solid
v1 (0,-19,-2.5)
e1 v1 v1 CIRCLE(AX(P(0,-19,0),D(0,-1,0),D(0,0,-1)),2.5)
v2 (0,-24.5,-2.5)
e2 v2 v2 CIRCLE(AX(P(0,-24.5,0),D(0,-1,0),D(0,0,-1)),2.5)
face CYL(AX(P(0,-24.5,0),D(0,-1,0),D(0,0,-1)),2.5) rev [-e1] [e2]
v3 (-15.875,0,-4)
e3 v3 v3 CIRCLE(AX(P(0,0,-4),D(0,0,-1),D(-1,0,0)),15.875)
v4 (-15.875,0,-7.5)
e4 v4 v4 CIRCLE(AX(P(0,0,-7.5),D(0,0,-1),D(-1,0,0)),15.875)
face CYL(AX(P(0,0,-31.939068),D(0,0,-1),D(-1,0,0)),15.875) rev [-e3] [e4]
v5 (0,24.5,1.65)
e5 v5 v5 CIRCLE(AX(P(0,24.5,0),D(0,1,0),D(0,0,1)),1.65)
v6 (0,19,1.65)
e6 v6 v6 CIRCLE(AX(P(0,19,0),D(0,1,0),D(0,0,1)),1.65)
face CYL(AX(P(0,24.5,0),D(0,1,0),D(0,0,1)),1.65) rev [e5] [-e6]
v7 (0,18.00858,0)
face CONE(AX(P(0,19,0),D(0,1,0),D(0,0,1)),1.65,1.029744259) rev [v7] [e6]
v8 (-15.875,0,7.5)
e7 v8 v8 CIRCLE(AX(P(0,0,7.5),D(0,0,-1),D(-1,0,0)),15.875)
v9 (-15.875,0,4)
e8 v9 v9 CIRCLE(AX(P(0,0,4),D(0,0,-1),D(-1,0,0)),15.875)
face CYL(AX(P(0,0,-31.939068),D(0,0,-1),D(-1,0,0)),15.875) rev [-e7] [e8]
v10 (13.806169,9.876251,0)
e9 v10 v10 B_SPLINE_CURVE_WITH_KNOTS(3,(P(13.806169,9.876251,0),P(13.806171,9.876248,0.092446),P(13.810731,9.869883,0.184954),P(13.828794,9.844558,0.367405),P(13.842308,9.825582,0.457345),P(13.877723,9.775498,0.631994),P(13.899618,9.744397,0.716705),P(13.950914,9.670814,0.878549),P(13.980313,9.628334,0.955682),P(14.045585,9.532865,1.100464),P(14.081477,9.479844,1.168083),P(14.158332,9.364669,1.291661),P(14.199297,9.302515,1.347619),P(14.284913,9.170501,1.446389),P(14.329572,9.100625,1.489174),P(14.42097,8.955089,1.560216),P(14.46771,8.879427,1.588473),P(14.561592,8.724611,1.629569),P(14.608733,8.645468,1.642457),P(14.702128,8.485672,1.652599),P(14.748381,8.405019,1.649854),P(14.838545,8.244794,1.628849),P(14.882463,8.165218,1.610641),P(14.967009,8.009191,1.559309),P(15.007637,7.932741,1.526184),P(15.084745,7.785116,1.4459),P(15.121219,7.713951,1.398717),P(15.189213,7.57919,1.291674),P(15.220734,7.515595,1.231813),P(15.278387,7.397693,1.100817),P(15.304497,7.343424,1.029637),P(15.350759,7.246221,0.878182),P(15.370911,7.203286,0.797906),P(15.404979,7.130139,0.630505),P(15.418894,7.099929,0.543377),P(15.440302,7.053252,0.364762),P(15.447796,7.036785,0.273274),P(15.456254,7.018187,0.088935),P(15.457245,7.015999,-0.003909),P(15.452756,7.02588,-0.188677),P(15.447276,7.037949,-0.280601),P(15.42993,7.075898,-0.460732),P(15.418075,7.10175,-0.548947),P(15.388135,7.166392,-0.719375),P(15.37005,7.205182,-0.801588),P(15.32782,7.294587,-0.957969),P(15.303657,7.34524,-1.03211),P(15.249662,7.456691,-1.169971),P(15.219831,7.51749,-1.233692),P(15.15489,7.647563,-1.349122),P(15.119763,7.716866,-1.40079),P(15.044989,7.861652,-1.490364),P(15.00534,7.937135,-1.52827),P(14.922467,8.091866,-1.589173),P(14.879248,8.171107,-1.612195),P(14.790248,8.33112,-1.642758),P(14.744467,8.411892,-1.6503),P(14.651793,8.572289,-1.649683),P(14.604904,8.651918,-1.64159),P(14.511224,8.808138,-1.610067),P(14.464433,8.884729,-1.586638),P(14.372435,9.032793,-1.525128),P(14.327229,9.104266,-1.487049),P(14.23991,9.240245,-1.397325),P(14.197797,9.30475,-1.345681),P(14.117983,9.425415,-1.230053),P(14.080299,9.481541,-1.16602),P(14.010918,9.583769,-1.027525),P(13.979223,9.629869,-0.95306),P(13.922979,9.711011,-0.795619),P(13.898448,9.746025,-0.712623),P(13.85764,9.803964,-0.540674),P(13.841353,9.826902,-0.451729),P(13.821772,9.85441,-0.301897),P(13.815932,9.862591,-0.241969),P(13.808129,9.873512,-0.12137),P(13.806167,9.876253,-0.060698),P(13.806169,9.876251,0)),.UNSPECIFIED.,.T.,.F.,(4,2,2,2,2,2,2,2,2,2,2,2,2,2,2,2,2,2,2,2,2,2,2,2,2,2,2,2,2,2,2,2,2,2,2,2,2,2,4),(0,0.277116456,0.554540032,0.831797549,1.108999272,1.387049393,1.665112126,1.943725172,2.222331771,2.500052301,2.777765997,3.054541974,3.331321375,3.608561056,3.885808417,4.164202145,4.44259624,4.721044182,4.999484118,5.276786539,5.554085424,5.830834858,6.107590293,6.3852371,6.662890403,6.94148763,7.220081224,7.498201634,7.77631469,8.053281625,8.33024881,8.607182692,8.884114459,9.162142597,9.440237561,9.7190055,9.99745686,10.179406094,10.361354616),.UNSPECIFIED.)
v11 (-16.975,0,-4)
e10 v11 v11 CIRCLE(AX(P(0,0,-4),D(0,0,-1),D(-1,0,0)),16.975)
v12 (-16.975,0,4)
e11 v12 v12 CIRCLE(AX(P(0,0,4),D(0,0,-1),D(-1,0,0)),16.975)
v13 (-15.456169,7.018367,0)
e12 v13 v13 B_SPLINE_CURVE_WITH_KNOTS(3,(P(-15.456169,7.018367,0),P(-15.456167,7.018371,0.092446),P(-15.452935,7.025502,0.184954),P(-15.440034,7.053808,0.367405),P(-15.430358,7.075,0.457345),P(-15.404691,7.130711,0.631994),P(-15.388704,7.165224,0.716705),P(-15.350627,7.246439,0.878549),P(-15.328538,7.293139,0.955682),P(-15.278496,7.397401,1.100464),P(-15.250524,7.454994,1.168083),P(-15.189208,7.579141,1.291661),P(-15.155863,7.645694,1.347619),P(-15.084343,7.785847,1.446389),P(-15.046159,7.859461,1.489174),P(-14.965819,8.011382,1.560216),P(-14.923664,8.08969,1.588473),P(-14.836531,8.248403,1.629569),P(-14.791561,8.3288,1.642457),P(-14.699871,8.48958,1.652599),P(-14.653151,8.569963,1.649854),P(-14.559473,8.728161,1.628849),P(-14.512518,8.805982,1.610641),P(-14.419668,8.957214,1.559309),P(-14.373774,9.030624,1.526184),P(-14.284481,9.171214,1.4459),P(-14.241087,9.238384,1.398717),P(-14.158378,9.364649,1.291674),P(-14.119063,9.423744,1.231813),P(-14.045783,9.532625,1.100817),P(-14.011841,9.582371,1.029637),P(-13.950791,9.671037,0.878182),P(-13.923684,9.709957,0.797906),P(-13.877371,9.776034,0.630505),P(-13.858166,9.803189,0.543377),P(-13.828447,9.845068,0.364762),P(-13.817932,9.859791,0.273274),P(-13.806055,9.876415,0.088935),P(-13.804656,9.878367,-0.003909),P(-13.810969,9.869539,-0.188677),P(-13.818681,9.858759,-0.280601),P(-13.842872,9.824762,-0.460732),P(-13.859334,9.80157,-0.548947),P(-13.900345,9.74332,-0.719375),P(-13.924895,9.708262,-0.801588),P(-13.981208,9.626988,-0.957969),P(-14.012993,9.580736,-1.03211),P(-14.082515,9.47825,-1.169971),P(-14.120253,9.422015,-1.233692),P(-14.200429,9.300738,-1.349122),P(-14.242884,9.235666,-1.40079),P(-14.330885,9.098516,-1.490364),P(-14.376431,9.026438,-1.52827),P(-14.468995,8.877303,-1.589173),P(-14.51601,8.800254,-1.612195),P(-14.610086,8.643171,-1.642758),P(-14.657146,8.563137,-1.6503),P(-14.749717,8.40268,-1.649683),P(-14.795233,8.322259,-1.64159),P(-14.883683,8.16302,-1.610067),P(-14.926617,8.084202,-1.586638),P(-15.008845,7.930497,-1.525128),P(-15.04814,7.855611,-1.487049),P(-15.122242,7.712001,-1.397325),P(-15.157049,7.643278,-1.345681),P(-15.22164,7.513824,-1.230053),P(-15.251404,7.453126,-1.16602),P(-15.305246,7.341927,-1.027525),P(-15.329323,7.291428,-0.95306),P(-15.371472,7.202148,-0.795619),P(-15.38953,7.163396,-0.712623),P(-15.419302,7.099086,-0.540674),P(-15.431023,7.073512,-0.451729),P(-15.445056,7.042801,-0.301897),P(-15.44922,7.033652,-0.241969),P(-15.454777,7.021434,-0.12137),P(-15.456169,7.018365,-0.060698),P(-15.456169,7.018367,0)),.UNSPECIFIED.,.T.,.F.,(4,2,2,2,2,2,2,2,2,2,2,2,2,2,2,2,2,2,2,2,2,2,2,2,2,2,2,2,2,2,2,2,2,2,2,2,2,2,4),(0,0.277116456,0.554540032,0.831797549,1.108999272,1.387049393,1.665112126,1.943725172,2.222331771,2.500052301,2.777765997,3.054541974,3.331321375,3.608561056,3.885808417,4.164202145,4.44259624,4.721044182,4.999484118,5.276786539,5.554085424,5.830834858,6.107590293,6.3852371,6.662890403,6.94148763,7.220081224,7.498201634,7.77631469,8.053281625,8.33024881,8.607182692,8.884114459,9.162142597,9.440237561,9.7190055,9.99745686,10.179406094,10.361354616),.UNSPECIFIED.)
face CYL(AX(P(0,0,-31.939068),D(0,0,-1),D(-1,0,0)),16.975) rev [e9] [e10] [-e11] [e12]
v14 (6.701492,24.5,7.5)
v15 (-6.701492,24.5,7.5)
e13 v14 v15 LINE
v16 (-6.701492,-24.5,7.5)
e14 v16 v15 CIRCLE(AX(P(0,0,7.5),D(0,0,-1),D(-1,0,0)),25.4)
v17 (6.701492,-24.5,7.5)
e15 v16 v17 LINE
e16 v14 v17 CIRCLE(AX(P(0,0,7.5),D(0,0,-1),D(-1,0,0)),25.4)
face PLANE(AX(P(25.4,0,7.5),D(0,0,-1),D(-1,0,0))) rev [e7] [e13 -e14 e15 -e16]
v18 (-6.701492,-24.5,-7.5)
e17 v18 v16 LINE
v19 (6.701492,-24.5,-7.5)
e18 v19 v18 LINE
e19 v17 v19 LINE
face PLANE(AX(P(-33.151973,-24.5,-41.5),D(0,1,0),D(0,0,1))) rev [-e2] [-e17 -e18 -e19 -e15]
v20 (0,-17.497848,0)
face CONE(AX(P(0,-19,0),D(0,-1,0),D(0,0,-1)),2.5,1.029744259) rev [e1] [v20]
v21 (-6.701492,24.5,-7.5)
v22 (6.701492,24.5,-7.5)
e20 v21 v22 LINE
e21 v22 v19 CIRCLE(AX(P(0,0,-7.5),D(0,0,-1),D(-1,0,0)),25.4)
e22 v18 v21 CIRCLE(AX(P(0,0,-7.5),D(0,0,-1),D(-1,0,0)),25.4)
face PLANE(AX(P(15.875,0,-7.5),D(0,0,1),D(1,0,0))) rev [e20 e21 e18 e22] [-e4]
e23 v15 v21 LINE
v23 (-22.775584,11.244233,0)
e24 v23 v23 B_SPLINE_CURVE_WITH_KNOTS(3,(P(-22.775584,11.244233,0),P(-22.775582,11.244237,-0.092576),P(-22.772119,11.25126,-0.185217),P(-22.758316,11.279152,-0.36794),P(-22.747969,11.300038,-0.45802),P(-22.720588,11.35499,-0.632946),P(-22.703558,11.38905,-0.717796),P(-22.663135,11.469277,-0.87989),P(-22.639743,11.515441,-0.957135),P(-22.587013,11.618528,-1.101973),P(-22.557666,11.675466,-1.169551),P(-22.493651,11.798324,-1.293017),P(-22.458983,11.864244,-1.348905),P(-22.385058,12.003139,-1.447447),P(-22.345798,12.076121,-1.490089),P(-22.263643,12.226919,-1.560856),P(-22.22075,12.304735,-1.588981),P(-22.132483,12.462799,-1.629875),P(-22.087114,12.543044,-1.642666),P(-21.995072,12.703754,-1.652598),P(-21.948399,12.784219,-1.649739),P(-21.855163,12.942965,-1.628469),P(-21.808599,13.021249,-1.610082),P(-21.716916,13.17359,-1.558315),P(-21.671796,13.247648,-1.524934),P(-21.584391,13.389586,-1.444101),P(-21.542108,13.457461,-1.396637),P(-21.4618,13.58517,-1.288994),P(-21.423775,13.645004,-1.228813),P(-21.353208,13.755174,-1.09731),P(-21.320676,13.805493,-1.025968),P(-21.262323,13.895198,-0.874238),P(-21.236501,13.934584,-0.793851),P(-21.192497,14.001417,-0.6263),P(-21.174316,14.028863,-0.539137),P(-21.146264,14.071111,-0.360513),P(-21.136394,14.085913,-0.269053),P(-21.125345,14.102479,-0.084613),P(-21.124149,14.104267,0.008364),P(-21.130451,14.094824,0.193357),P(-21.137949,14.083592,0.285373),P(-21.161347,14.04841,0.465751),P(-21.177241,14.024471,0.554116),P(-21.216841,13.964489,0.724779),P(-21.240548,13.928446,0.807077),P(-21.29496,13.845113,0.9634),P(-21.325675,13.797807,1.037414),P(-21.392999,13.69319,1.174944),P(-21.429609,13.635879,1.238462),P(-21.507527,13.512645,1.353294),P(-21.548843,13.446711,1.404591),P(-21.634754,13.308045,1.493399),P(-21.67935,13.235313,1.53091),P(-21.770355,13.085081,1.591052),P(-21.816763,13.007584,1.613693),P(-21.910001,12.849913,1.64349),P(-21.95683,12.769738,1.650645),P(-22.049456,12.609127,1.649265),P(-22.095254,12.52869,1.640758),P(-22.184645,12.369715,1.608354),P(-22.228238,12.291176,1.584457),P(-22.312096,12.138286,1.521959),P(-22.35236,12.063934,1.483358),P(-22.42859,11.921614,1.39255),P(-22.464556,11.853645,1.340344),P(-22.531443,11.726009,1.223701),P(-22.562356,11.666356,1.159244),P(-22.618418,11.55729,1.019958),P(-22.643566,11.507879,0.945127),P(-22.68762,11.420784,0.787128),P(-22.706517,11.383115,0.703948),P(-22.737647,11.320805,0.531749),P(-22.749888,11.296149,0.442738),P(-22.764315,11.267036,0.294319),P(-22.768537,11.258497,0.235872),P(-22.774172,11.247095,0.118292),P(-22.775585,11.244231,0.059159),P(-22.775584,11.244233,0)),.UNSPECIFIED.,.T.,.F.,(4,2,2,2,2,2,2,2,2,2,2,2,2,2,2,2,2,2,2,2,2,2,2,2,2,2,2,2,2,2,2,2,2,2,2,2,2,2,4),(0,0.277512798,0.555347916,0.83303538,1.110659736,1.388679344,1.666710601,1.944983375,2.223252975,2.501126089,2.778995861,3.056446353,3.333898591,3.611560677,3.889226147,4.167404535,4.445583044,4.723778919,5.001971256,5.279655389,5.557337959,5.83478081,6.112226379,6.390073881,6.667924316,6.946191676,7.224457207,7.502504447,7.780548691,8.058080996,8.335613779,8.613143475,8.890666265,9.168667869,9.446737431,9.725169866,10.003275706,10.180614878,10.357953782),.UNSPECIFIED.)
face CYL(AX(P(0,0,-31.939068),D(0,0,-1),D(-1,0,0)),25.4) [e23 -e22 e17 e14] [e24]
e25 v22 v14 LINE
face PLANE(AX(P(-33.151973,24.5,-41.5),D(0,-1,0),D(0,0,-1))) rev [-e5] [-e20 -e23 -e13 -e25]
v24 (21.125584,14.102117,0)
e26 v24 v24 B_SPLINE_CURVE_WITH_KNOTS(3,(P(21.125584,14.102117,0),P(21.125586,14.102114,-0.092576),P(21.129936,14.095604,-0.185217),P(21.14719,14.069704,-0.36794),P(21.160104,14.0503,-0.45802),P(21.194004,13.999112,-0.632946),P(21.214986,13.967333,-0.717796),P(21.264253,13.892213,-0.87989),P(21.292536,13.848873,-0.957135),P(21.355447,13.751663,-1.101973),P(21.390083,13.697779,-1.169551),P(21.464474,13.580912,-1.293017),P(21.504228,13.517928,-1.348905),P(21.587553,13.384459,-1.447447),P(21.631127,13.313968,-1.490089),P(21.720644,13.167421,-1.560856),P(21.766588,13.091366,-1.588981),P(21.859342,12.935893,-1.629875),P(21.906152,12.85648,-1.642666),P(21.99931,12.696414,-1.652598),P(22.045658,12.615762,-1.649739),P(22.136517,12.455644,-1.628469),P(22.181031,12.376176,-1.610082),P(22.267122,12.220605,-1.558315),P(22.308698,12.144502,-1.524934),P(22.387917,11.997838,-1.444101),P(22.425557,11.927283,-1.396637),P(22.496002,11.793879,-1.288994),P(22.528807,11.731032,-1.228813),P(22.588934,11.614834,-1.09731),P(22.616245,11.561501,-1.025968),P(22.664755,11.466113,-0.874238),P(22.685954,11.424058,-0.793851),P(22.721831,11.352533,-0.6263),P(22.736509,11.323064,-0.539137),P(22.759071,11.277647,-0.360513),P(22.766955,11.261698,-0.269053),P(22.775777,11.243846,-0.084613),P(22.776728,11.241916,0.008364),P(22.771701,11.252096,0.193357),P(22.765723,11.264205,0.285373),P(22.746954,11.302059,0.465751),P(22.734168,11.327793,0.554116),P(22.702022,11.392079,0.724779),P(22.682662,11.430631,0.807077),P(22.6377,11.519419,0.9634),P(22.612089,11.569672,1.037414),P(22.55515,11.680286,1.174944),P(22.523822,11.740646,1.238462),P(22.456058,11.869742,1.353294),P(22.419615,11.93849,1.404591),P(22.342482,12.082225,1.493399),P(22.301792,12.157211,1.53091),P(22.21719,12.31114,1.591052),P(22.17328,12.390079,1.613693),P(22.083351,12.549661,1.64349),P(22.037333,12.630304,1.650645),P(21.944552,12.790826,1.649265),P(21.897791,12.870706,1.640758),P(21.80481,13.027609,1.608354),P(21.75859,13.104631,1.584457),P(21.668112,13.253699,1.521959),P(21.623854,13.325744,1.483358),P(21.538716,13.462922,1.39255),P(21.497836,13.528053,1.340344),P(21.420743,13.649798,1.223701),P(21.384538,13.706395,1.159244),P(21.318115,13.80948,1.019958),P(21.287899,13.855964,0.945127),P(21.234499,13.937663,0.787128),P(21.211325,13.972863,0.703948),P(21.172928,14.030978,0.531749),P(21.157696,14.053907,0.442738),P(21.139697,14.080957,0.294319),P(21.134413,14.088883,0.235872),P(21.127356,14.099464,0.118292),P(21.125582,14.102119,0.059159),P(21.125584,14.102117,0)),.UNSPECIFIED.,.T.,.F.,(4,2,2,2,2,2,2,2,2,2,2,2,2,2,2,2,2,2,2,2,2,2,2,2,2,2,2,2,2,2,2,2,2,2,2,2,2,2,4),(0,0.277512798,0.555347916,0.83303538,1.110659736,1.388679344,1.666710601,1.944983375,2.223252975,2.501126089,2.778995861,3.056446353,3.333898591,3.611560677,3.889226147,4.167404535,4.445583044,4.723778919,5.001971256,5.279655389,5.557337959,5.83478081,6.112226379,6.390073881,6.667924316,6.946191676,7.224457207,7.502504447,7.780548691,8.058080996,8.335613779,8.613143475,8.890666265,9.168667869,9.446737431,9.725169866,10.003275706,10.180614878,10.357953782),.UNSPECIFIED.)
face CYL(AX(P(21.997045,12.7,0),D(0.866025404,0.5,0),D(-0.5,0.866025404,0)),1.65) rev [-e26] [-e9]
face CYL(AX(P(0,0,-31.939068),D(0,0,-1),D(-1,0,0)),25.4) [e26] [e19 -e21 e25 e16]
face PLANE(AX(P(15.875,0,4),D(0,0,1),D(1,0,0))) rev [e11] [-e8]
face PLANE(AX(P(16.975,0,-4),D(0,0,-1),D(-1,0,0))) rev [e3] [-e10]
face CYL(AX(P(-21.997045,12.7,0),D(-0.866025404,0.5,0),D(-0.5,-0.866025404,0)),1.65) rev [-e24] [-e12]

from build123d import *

# Parameters (mm, degrees)
SKETCH_2_W                       = 64.02174429
SKETCH_2_H                       = 9.248919907
CUT_EXTRUDE_1_DEPTH              = 49
HOLE_WIZARD_M4_2_D               = 3.3
HOLE_WIZARD_M4_2_DEPTH           = 5.5
HOLE_WIZARD_M4_2_TIP             = 0.991420021
HOLE_WIZARD_M6_2_D               = 5
HOLE_WIZARD_M6_2_DEPTH           = 5.5
HOLE_WIZARD_M6_2_TIP             = 1.502151548
HOLE_WIZARD_M4_3_D               = 3.3
HOLE_WIZARD_M4_3_DEPTH           = 13.4
HOLE_WIZARD_M4_3_TIP             = 0.991420021
HOLE_WIZARD_M4_3_ON_FACE_2_D     = 3.3
HOLE_WIZARD_M4_3_ON_FACE_2_DEPTH = 13.4
HOLE_WIZARD_M4_3_ON_FACE_2_TIP   = 0.991420021


with BuildPart() as part:
    # 草图1 → 旋转1 (revolve)
    with BuildSketch(Plane(origin=(0, 0, 0), x_dir=(1, 0, 0), z_dir=(0, 1, 0)), mode=Mode.PRIVATE) as revolve_1_sk:
        Polygon((25.4, 7.5), (25.4, -7.5), (15.875, -7.5), (15.875, -4), (16.975, -4), (16.975, 4), (15.875, 4), (15.875, 7.5), align=None)
    revolve(revolve_1_sk.sketch.rotate(Axis((0, 0, -31.9390681), (0, 0, 1)), 180), axis=Axis((0, 0, -31.9390681), (0, 0, 1)))  # turned: the seam where the file's is

    # 草图2 → 切除-拉伸1 (cut)
    with BuildSketch(Plane.XY.offset(7.5)):
        with Locations((-1.141100508, 29.124459954)):
            Rectangle(SKETCH_2_W, SKETCH_2_H)
        with Locations((-1.141100508, -29.124459954)):
            Rectangle(SKETCH_2_W, SKETCH_2_H)
    extrude(amount=-CUT_EXTRUDE_1_DEPTH, mode=Mode.SUBTRACT)

    # M4 螺纹孔2
    with Locations(Plane(origin=(0, 24.5, 0), x_dir=(1, 0, 0), z_dir=(0, 1, 0))):
        with Locations((0, 0)):
            Hole(HOLE_WIZARD_M4_2_D / 2, depth=HOLE_WIZARD_M4_2_DEPTH)
            with Locations((0, 0, -(HOLE_WIZARD_M4_2_DEPTH + HOLE_WIZARD_M4_2_TIP / 2))):  # 118° drill point
                Cone(0, HOLE_WIZARD_M4_2_D / 2, HOLE_WIZARD_M4_2_TIP, mode=Mode.SUBTRACT)

    # M6 螺纹孔2
    with Locations(Plane(origin=(0, -24.5, 0), x_dir=(-1, 0, 0), z_dir=(0, -1, 0))):
        with Locations((0, 0)):
            Hole(HOLE_WIZARD_M6_2_D / 2, depth=HOLE_WIZARD_M6_2_DEPTH)
            with Locations((0, 0, -(HOLE_WIZARD_M6_2_DEPTH + HOLE_WIZARD_M6_2_TIP / 2))):  # 118° drill point
                Cone(0, HOLE_WIZARD_M6_2_D / 2, HOLE_WIZARD_M6_2_TIP, mode=Mode.SUBTRACT)

    # M4 螺纹孔3
    with Locations(Plane(origin=(21.997045256, 12.7, 0), x_dir=(-0.5, 0.866025404, 0), z_dir=(0.866025404, 0.5, 0))):
        with Locations((0, 0)):
            Hole(HOLE_WIZARD_M4_3_D / 2, depth=HOLE_WIZARD_M4_3_DEPTH)
            with Locations((0, 0, -(HOLE_WIZARD_M4_3_DEPTH + HOLE_WIZARD_M4_3_TIP / 2))):  # 118° drill point
                Cone(0, HOLE_WIZARD_M4_3_D / 2, HOLE_WIZARD_M4_3_TIP, mode=Mode.SUBTRACT)

    # M4 螺纹孔3 on face 2
    with Locations(Plane(origin=(-21.997045256, 12.7, 0), x_dir=(-0.500000175, -0.866025303, 0), z_dir=(-0.866025303, 0.500000175, 0))):
        with Locations((0, 0)):
            Hole(HOLE_WIZARD_M4_3_ON_FACE_2_D / 2, depth=HOLE_WIZARD_M4_3_ON_FACE_2_DEPTH)
            with Locations((0, 0, -(HOLE_WIZARD_M4_3_ON_FACE_2_DEPTH + HOLE_WIZARD_M4_3_ON_FACE_2_TIP / 2))):  # 118° drill point
                Cone(0, HOLE_WIZARD_M4_3_ON_FACE_2_D / 2, HOLE_WIZARD_M4_3_ON_FACE_2_TIP, mode=Mode.SUBTRACT)


solid = part.part
